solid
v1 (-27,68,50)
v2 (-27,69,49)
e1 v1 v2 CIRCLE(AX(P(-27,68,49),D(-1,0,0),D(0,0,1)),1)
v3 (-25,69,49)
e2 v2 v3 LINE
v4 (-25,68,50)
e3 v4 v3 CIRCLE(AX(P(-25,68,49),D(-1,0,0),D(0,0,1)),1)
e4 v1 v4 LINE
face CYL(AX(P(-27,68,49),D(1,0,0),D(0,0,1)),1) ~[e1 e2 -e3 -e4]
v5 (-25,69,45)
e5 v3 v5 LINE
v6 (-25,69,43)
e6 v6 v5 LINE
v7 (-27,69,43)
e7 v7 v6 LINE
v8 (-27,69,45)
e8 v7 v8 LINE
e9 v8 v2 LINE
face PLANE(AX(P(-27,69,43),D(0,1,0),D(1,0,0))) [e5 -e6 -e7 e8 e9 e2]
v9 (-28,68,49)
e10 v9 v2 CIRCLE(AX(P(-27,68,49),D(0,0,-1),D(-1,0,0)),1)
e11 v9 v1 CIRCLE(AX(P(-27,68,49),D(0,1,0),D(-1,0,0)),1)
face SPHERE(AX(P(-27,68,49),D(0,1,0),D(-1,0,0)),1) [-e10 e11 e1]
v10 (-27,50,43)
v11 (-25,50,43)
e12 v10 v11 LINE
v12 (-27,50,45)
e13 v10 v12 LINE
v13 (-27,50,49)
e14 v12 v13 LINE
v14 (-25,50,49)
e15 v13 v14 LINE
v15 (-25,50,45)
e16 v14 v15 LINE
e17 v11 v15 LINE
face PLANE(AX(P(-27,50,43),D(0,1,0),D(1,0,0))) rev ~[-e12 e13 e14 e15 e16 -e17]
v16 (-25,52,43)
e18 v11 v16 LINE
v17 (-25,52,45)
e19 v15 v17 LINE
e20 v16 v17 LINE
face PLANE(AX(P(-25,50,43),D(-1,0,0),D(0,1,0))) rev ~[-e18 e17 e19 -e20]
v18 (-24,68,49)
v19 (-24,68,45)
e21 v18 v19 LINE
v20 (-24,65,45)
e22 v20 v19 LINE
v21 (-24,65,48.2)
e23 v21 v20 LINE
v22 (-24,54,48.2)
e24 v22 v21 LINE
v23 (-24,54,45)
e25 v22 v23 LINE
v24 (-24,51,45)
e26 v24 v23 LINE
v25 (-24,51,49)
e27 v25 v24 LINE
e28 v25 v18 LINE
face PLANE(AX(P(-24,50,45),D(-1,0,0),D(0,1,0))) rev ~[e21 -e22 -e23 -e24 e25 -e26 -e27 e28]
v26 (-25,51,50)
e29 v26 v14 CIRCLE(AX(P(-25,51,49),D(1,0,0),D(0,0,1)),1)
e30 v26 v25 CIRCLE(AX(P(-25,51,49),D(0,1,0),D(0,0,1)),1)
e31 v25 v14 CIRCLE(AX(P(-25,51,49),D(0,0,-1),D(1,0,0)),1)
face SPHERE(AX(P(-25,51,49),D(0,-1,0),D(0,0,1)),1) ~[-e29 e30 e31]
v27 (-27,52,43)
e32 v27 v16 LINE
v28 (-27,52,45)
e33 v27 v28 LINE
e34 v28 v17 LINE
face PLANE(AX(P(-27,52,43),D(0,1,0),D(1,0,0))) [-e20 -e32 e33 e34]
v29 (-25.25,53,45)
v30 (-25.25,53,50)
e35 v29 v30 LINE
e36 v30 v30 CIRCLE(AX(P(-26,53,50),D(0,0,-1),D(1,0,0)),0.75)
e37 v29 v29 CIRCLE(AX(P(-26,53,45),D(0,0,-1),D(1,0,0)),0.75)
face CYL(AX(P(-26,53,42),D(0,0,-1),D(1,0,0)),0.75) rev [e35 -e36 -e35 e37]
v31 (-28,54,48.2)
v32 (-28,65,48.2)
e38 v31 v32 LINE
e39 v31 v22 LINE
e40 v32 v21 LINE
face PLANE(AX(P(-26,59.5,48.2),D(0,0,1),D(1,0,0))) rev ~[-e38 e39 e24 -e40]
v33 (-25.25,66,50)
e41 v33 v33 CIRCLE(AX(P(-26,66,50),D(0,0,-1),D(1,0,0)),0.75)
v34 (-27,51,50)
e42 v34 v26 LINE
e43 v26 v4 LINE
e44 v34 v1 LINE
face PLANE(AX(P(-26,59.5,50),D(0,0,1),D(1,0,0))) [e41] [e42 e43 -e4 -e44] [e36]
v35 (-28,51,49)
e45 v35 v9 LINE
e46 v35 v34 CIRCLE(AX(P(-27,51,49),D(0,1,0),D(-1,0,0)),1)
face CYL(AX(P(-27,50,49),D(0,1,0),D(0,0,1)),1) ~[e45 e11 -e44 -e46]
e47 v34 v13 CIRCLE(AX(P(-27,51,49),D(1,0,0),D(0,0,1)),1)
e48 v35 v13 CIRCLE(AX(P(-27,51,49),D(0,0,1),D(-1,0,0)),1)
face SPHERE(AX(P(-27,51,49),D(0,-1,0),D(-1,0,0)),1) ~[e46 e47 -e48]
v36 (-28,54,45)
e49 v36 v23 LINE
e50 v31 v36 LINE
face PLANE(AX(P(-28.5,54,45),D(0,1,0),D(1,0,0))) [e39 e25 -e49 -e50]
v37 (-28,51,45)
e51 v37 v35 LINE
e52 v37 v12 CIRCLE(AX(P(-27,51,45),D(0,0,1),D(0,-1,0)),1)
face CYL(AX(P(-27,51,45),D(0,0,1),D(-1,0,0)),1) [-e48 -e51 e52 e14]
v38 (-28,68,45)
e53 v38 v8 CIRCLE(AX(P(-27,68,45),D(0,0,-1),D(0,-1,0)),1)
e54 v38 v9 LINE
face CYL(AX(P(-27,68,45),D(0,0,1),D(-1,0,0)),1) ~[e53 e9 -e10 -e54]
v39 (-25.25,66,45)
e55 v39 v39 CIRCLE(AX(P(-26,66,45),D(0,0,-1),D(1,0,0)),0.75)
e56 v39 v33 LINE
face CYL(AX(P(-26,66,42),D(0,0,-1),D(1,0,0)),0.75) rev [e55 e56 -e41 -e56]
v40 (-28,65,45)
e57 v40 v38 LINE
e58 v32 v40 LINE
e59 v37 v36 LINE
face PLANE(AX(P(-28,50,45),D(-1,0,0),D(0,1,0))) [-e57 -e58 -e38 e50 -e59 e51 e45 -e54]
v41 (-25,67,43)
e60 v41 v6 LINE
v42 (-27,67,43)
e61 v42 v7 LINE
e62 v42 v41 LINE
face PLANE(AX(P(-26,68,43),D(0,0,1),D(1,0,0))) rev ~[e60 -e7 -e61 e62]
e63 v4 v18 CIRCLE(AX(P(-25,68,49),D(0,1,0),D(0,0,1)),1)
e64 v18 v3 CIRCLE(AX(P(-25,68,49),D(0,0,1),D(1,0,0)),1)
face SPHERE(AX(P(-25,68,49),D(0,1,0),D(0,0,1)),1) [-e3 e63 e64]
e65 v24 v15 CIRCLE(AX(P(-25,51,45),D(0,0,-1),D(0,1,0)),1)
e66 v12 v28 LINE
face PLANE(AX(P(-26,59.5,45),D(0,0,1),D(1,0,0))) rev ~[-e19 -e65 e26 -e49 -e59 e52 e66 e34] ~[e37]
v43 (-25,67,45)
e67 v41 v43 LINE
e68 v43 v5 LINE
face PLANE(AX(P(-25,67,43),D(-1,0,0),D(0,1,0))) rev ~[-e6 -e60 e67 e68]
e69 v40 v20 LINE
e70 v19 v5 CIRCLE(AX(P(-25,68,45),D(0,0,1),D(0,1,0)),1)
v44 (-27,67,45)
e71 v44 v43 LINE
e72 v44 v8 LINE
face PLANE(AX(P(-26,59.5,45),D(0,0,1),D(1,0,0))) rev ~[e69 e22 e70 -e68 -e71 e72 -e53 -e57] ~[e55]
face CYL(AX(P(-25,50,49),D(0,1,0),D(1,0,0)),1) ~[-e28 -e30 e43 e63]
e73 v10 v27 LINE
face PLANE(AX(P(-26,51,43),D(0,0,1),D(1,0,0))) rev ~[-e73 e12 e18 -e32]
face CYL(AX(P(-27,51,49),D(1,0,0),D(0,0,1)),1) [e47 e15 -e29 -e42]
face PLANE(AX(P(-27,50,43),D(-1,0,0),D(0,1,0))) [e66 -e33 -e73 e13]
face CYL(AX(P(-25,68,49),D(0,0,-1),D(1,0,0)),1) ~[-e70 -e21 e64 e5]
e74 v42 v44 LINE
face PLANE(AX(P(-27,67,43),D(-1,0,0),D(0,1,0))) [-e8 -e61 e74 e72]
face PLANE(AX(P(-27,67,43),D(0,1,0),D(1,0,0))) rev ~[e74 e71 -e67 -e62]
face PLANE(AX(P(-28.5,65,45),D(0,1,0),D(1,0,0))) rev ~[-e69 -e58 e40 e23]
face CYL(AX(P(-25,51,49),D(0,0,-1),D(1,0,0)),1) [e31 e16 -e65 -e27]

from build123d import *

# Parameters (mm, degrees)
BOX069_W          = 2
BOX069_H          = 2
BOX069_DEPTH      = 2
BOX070_W          = 2
BOX070_H          = 2
BOX070_DEPTH      = 2
CYLINDER040_R     = 0.75
CYLINDER040_DEPTH = 10
CYLINDER037_R     = 0.75
CYLINDER037_DEPTH = 10
BOX038_W          = 5
BOX038_H          = 11
BOX038_DEPTH      = 3.2
BOX003_W          = 4
BOX003_H          = 19
BOX003_DEPTH      = 5
FILLET_R          = 1
FILLET001_R       = 1
FILLET002_R       = 1
FILLET003_R       = 1


with BuildPart() as cubo069:
    # Box069 → Box069 (new body)
    with BuildSketch(Plane(origin=(-27, 67, 43), x_dir=(1, 0, 0), z_dir=(0, 0, 1))):
        with Locations((1, 1)):
            Rectangle(BOX069_W, BOX069_H)
    extrude(amount=BOX069_DEPTH)


with BuildPart() as cubo070:
    # Box070 → Box070 (new body)
    with BuildSketch(Plane(origin=(-27, 50, 43), x_dir=(1, 0, 0), z_dir=(0, 0, 1))):
        with Locations((1, 1)):
            Rectangle(BOX070_W, BOX070_H)
    extrude(amount=BOX070_DEPTH)


with BuildPart() as cilindro040:
    # Cylinder040 → Cylinder040 (new body)
    with BuildSketch(Plane(origin=(-26, 66, 42), x_dir=(1, 0, 0), z_dir=(0, 0, 1))):
        Circle(CYLINDER040_R)
    extrude(amount=CYLINDER040_DEPTH)


with BuildPart() as cilindro037:
    # Cylinder037 → Cylinder037 (new body)
    with BuildSketch(Plane(origin=(-26, 53, 42), x_dir=(1, 0, 0), z_dir=(0, 0, 1))):
        Circle(CYLINDER037_R)
    extrude(amount=CYLINDER037_DEPTH)


with BuildPart() as cubo038:
    # Box038 → Box038 (new body)
    with BuildSketch(Plane(origin=(-28.5, 54, 51), x_dir=(1, 0, 0), z_dir=(0, 0, 1))):
        with Locations((2.5, 5.5)):
            Rectangle(BOX038_W, BOX038_H)
    extrude(amount=BOX038_DEPTH)


with BuildPart() as fusion002044002:
    # Box003 → Box003 (new body)
    with BuildSketch(Plane(origin=(-2, 50, 45), x_dir=(1, 0, 0), z_dir=(0, 0, 1))):
        with Locations((2, 9.5)):
            Rectangle(BOX003_W, BOX003_H)
    extrude(amount=BOX003_DEPTH)

    # Fillet
    fillet_edges = [fusion002044002.edges().sort_by_distance(p)[0] for p in [
        (2, 59.5, 50),
    ]]
    fillet(fillet_edges, radius=FILLET_R)

    # Fillet001
    fillet001_edges = [fusion002044002.edges().sort_by_distance(p)[0] for p in [
        (-2, 59.5, 50),
    ]]
    fillet(fillet001_edges, radius=FILLET001_R)

    # Fillet002
    fillet002_edges = [fusion002044002.edges().sort_by_distance(p)[0] for p in [
        (0, 69, 50),
    ]]
    fillet(fillet002_edges, radius=FILLET002_R)

    # Fillet003
    fillet003_edges = [fusion002044002.edges().sort_by_distance(p)[0] for p in [
        (0, 50, 50),
    ]]
    fillet(fillet003_edges, radius=FILLET003_R)


with BuildPart() as fusion002044002_1:
    # Fillet003 placement: moved
    add(fusion002044002.part.moved(Location((-26, 0, 6))))

    # Cut055: cut Cubo038
    add(cubo038.part, mode=Mode.SUBTRACT)


with BuildPart() as fusion002044002_2:
    # Cut055 placement: moved
    add(fusion002044002_1.part.moved(Location((0, 0, -6))))

    # Cut057: cut Cilindro037
    add(cilindro037.part, mode=Mode.SUBTRACT)

    # Cut058: cut Cilindro040
    add(cilindro040.part, mode=Mode.SUBTRACT)

    # Fusion002044002: union Cubo069, Cubo070
    add(cubo069.part)
    add(cubo070.part)


solid = fusion002044002_2.part
